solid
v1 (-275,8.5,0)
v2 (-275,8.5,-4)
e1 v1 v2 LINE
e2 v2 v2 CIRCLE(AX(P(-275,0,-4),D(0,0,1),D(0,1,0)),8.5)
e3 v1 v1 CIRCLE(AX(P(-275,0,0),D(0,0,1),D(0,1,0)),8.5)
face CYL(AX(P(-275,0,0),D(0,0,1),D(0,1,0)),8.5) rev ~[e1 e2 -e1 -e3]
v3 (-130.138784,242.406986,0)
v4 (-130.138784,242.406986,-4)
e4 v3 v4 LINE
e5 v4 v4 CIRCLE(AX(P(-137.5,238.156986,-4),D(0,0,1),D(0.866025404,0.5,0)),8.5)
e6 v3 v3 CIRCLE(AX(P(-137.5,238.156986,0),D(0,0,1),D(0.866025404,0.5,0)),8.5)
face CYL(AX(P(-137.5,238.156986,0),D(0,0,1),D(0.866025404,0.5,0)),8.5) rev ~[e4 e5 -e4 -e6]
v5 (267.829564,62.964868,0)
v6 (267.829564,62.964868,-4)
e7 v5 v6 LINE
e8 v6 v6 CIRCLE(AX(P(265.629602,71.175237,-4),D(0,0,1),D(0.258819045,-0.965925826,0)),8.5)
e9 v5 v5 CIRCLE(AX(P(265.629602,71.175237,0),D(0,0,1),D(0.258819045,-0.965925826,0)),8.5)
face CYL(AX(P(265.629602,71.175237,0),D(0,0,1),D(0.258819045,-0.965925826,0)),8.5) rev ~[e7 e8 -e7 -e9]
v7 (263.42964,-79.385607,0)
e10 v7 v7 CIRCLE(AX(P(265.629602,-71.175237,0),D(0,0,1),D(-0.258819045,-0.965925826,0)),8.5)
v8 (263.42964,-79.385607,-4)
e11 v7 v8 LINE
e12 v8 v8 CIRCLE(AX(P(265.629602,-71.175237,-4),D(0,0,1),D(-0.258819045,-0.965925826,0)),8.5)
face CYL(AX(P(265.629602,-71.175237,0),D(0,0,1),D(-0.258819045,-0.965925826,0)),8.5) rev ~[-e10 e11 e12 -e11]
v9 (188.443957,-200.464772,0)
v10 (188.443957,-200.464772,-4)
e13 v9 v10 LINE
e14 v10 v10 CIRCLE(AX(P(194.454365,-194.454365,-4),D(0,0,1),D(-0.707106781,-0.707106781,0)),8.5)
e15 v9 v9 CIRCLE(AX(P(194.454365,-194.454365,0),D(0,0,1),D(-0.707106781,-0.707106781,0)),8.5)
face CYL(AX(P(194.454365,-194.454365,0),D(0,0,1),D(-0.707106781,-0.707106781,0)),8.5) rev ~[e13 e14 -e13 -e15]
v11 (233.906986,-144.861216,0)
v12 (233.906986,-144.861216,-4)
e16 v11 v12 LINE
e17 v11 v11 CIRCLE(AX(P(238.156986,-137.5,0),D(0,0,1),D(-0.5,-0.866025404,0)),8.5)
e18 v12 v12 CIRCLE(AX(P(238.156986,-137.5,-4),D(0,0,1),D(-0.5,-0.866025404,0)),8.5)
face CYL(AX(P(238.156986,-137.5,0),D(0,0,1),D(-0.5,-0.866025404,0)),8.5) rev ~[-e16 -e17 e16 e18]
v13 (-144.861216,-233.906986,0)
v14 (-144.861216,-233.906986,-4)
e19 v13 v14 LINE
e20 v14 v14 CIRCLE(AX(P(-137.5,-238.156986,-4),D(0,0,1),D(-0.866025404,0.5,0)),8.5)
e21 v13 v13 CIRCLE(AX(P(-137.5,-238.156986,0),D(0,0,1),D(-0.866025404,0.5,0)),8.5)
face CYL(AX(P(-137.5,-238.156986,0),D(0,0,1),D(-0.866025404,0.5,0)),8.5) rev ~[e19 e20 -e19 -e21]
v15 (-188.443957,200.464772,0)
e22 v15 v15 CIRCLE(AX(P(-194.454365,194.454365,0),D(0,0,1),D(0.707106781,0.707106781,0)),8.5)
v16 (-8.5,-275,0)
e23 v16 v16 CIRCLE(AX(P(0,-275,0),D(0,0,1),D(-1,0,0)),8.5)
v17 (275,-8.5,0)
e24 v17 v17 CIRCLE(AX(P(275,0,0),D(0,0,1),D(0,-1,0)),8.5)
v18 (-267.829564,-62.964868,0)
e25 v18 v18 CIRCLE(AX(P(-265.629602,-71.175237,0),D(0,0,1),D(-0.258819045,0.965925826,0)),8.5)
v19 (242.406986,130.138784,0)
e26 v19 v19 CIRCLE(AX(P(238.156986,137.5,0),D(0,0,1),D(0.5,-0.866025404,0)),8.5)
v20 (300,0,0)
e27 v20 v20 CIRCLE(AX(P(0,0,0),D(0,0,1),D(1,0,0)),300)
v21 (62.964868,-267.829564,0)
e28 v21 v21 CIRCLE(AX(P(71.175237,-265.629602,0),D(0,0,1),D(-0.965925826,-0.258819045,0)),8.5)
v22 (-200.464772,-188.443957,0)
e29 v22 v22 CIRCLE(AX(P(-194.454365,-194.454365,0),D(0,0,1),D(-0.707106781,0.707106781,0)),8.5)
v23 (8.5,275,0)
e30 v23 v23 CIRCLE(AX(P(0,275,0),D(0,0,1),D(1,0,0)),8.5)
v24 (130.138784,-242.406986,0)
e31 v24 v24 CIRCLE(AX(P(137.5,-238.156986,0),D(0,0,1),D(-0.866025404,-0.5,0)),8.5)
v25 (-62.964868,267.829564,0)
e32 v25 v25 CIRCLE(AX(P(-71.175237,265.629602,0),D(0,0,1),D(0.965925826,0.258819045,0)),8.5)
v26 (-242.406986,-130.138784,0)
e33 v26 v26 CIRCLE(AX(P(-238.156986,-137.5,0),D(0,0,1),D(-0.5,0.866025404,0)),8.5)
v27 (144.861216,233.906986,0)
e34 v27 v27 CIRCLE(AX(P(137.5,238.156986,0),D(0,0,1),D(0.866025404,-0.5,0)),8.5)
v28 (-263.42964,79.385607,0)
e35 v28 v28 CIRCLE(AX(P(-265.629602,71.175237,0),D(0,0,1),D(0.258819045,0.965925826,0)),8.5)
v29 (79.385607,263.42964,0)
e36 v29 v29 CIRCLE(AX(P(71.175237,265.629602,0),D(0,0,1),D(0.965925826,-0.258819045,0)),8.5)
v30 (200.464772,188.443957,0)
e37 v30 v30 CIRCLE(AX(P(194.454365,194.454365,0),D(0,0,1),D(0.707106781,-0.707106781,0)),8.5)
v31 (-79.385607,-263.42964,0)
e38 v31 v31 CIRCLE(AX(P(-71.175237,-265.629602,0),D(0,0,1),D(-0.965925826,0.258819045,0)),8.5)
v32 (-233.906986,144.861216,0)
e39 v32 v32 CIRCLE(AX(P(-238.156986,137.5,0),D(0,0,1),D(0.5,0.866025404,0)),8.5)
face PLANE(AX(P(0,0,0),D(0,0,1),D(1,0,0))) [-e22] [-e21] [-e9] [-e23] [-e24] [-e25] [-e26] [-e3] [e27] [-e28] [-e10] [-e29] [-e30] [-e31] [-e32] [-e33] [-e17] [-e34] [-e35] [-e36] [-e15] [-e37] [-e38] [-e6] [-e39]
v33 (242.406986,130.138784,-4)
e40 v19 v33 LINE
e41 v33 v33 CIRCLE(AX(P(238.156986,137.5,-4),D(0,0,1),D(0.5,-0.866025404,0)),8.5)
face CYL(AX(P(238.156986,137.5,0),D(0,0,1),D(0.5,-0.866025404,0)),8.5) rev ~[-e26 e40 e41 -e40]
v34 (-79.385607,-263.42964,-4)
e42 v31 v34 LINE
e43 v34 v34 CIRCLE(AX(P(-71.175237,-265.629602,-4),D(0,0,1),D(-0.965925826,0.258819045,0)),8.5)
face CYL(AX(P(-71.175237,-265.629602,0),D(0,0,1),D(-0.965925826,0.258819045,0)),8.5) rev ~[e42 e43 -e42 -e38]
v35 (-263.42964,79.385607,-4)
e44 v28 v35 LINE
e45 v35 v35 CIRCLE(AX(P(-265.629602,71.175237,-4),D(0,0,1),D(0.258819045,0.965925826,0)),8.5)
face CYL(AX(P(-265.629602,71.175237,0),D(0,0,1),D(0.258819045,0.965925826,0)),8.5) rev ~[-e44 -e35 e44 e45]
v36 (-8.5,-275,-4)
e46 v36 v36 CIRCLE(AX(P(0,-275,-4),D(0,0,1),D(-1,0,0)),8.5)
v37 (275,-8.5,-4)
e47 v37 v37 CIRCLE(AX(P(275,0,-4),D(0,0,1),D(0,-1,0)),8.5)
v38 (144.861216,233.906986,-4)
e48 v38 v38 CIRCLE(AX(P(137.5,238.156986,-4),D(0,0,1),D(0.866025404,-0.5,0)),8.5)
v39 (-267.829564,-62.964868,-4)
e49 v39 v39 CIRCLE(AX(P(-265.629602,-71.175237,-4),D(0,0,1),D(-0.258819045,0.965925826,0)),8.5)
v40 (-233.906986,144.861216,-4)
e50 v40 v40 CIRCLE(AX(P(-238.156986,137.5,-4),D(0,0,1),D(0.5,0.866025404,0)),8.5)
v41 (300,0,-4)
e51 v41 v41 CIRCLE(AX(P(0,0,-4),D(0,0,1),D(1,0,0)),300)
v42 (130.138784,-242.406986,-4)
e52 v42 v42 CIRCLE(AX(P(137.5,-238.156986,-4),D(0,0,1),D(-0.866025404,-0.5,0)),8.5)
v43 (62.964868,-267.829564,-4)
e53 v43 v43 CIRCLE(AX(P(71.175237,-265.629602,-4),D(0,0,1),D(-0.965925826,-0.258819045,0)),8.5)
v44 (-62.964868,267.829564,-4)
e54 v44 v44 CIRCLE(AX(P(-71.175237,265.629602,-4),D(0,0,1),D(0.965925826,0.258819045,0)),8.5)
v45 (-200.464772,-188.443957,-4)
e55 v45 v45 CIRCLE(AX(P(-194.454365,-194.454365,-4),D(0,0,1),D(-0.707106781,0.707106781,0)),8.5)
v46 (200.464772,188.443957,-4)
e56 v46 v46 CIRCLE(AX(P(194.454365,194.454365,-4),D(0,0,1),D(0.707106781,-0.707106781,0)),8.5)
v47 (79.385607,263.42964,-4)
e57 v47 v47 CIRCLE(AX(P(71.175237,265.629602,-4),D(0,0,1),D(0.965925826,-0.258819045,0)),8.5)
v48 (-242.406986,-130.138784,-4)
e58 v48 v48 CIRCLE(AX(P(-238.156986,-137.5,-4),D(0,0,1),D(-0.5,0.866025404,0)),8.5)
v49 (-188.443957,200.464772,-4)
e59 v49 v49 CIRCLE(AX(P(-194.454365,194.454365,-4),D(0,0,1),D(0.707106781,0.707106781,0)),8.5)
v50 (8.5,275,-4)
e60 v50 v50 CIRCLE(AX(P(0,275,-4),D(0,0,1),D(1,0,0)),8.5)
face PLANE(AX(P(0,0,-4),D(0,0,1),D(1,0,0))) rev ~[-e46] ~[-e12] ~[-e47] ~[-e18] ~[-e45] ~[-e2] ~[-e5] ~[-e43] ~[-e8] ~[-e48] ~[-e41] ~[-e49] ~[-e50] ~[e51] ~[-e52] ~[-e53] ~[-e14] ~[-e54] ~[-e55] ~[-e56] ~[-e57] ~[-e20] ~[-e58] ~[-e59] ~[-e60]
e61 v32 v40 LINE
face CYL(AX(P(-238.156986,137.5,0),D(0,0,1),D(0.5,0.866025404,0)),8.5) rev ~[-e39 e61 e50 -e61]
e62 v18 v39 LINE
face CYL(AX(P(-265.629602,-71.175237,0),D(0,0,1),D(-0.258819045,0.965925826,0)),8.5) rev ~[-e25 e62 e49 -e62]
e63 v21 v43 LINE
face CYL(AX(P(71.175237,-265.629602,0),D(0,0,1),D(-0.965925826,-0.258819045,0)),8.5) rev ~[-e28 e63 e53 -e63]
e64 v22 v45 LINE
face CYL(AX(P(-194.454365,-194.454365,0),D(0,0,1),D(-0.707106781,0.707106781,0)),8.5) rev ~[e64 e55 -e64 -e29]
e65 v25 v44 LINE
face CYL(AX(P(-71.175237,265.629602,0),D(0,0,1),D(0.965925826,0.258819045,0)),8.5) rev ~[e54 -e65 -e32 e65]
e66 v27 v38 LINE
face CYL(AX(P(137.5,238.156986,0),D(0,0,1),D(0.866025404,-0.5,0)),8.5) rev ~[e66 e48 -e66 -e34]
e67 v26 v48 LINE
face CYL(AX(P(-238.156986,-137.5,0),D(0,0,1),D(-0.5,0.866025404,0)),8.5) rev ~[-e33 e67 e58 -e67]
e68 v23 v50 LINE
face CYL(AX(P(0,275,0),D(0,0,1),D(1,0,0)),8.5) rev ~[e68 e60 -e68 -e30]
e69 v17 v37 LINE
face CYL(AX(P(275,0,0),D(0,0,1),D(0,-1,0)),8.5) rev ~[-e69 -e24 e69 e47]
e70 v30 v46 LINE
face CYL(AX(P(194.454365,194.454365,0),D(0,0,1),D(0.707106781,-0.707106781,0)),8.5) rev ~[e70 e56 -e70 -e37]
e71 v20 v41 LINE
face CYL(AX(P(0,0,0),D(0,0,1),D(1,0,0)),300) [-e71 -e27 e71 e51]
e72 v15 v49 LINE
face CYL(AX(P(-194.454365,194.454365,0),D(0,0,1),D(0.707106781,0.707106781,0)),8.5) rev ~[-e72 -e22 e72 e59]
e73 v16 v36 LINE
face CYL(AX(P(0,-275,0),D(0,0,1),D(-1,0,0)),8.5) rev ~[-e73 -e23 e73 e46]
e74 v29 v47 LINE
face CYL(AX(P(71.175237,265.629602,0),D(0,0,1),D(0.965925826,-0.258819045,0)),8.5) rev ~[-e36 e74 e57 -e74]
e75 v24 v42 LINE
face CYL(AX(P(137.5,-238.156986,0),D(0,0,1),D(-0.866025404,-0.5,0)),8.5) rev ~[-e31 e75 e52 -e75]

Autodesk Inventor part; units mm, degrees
ref_plane "YZ Plane" through (0, 0, 0) normal (1, 0, 0) x (0, 1, 0)
ref_plane "XZ Plane" through (0, 0, 0) normal (0, 1, 0) x (-1, 0, 0)
ref_plane "XY Plane" through (0, 0, 0) normal (0, 0, 1) x (1, 0, 0)
sketch "Sketch1" plane through (0, 0, 0) normal (0, 0, 1) x (1, 0, 0)
  circle A0 centre (0, 0) radius 300
  dimension "d0" = 600
extrude "Plate1" add sketch "Sketch1" against normal blind 4
sketch "Sketch2" plane through (0, 0, 0) normal (0, 0, 1) x (1, 0, 0)
  circle A0 centre (0, 0) radius 275 construction
  circle A1 centre (0, 275) radius 8.5
  dimension "d2" = 550
  dimension "d3" = 17
extrude "Extrusion1" cut sketch "Sketch2" against normal through all
pattern_circular "Circular Pattern1" count 24 over 360 about axis through (0, 0, -10) along (0, 0, 1) of "Extrusion1"
equation "\"d1\" = Thickness"
equation "\"BendReliefWidth\" = Thickness"
equation "\"BendReliefDepth\" = 0.5 * Thickness"
equation "\"CornerReliefSize\" = 4 * Thickness"
equation "\"MinimumRemnant\" = 2 * Thickness"
equation "\"TransitionRadius\" = BendRadius"
equation "\"JacobiRadiusSize\" = BendRadius"
equation "\"GapSize\" = Thickness"
equation "\"Thickness\" = 4"
equation "\"BendRadius\" = 6"
properties part number "MSC 404 flange cover 500" material "Stainless Steel"
